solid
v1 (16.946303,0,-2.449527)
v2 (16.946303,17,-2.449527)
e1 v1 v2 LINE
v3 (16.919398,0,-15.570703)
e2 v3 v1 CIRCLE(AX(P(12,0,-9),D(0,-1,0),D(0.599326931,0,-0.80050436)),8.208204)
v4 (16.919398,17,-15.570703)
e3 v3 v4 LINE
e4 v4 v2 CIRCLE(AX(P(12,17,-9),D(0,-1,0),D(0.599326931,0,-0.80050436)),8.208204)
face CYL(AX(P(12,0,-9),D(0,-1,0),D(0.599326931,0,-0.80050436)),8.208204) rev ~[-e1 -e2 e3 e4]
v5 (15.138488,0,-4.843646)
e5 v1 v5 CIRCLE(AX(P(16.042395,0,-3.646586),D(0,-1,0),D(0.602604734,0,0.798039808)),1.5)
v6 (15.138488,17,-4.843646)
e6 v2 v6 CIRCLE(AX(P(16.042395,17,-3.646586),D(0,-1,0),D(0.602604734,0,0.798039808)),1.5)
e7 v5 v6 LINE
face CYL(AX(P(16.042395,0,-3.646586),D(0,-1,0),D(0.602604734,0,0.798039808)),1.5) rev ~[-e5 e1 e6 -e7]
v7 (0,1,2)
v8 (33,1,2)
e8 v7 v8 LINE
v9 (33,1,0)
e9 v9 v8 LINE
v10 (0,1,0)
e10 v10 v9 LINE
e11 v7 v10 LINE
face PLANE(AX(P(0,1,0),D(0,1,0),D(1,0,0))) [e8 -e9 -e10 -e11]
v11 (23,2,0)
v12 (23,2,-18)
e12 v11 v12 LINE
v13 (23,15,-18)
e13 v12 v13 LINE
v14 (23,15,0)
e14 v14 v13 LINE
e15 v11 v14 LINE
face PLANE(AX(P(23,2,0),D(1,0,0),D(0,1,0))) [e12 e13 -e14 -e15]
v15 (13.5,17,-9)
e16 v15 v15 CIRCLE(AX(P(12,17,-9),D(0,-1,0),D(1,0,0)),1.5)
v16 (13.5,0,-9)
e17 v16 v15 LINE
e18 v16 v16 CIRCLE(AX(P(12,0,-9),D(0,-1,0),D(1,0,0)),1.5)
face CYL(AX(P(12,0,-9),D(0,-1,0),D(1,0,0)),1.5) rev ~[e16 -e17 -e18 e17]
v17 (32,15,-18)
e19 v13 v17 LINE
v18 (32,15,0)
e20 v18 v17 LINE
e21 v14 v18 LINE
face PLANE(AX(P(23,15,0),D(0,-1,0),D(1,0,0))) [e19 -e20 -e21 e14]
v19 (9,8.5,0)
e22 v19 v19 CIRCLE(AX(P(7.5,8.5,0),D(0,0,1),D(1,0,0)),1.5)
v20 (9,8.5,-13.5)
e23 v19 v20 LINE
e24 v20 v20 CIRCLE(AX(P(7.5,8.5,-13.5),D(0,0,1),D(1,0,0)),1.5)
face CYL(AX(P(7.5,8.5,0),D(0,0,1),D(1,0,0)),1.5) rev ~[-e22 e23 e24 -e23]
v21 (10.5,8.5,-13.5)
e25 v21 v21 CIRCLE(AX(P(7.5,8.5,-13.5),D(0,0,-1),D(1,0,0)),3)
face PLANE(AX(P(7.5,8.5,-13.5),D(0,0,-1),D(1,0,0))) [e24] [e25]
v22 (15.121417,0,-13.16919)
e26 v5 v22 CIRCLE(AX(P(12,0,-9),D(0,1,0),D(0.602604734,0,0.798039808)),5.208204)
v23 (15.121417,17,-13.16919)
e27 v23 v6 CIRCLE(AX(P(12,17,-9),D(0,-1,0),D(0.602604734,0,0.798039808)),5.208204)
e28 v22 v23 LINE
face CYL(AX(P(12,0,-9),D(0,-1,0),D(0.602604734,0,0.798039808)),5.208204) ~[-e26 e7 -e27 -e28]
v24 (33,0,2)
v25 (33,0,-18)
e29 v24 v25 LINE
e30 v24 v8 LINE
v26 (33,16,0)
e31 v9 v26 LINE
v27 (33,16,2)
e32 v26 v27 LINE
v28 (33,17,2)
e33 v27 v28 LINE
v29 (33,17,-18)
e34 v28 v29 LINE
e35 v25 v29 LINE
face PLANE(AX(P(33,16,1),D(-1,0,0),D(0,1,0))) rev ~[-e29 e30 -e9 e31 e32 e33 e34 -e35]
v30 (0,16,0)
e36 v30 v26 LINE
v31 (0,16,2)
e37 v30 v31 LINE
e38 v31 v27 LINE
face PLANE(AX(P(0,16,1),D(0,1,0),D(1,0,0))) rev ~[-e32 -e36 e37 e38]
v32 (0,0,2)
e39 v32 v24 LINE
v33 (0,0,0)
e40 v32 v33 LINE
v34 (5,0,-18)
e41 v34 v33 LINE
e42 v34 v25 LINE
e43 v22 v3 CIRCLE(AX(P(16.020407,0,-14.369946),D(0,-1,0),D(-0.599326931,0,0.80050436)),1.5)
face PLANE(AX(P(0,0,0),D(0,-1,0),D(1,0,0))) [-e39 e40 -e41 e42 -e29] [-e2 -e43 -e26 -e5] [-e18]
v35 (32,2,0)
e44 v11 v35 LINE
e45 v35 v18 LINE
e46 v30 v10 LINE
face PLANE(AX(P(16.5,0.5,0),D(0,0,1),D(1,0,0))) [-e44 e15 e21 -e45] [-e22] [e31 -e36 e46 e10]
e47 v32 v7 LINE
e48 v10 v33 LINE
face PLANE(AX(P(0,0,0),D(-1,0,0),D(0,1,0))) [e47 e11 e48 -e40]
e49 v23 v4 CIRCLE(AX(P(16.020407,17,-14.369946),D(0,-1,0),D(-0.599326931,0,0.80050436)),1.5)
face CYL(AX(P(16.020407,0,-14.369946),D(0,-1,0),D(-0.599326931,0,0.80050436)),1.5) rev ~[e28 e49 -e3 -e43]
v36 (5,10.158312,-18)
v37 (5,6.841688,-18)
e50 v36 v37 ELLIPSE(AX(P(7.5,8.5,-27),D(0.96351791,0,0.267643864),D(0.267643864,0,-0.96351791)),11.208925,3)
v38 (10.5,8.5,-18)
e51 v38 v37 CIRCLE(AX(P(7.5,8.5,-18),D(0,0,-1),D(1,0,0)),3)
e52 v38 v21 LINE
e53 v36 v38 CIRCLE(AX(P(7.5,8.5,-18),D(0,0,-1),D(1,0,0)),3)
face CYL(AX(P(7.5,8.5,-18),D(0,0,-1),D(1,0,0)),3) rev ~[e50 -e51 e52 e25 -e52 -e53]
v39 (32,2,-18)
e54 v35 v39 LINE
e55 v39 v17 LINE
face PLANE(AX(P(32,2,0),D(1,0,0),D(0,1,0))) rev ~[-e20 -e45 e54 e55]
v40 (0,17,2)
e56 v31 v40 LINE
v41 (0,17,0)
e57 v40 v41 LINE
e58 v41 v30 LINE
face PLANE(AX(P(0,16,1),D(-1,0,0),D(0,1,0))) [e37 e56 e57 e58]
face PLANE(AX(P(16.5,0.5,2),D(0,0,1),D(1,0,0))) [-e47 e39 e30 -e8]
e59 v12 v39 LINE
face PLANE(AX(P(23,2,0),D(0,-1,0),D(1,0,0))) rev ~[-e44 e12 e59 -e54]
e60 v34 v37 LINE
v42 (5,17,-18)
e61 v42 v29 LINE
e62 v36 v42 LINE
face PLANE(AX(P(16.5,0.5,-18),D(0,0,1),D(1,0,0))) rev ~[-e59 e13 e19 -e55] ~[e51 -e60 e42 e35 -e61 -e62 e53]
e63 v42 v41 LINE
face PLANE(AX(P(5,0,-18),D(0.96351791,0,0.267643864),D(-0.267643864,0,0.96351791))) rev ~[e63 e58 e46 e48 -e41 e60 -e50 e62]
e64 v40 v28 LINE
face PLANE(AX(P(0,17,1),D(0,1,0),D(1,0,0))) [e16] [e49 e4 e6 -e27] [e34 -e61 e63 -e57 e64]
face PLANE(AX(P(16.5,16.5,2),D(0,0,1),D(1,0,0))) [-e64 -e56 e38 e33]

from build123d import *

# Parameters (mm, degrees)
F0_W     = 33
F0_H     = 1
F0_H_2   = 15
F0_R     = 1.5
F0_W_2   = 9
F0_H_3   = 13
F1_DEPTH = 18
F3_DEPTH = 17.001
F4_R     = 1.5
F5_DEPTH = 17.001
F6_R     = 3
F7_DEPTH = 4.5
F8_DEPTH = 1
F9_DEPTH = 1


with BuildPart() as f1:
    # F0 (on Top) → F1 (new body)
    with BuildSketch(Plane.XY):
        with Locations((16.5, 0.5)):
            Rectangle(F0_W, F0_H)
        with Locations((16.5, 8.5)):
            Rectangle(F0_W, F0_H_2)
        with Locations((7.5, 8.5)):
            Circle(F0_R, mode=Mode.SUBTRACT)
        with Locations((27.5, 8.5)):
            Rectangle(F0_W_2, F0_H_3, mode=Mode.SUBTRACT)
        with Locations((16.5, 16.5)):
            Rectangle(F0_W, F0_H)
    extrude(amount=-F1_DEPTH)

    # F2 (on face) → F3 (cut, through all)
    with BuildSketch(Plane.XZ):
        Polygon((5, -18), (0, 0), (0, -18), align=None)
    extrude(amount=-F3_DEPTH, mode=Mode.SUBTRACT)

    # F4 (on face) → F5 (cut, through all)
    with BuildSketch(Plane.XZ):
        with Locations((12, -9)):
            Circle(F4_R)
        with BuildLine():
            ThreePointArc((16.9193976722, -15.5707030324), (20.2081866768, -9.0168308246), (16.9463025453, -2.4495265112))
            ThreePointArc((16.9463025453, -2.4495265112), (14.8453357329, -2.7426791223), (15.138488344, -4.8436459346))
            ThreePointArc((15.138488344, -4.8436459346), (17.2081929835, -9.0106793603), (15.1214168791, -13.1691899537))
            ThreePointArc((15.1214168791, -13.1691899537), (14.8196507362, -15.2689368896), (16.9193976722, -15.5707030324))
        make_face()
    extrude(amount=-F5_DEPTH, mode=Mode.SUBTRACT)

    # F6 (on face) → F7 (cut)
    with BuildSketch(Plane(origin=(0, 0, -18), x_dir=(1, 0, 0), z_dir=(0, 0, -1))):
        with Locations((7.5, -8.5)):
            Circle(F6_R)
    extrude(amount=-F7_DEPTH, mode=Mode.SUBTRACT)

    # F0 (on Top) → F8 (join)
    with BuildSketch(Plane.XY):
        with Locations((16.5, 16.5)):
            Rectangle(F0_W, F0_H)
        with Locations((16.5, 0.5)):
            Rectangle(F0_W, F0_H)
    extrude(amount=F8_DEPTH)

    # F9 (add): faces of the model
    f9_faces = [f1.faces().sort_by_distance(p)[0] for p in [
        (16.5, 16.5, 1),
        (16.5, 0.5, 1),
    ]]
    extrude(f9_faces, amount=F9_DEPTH)


solid = f1.part
